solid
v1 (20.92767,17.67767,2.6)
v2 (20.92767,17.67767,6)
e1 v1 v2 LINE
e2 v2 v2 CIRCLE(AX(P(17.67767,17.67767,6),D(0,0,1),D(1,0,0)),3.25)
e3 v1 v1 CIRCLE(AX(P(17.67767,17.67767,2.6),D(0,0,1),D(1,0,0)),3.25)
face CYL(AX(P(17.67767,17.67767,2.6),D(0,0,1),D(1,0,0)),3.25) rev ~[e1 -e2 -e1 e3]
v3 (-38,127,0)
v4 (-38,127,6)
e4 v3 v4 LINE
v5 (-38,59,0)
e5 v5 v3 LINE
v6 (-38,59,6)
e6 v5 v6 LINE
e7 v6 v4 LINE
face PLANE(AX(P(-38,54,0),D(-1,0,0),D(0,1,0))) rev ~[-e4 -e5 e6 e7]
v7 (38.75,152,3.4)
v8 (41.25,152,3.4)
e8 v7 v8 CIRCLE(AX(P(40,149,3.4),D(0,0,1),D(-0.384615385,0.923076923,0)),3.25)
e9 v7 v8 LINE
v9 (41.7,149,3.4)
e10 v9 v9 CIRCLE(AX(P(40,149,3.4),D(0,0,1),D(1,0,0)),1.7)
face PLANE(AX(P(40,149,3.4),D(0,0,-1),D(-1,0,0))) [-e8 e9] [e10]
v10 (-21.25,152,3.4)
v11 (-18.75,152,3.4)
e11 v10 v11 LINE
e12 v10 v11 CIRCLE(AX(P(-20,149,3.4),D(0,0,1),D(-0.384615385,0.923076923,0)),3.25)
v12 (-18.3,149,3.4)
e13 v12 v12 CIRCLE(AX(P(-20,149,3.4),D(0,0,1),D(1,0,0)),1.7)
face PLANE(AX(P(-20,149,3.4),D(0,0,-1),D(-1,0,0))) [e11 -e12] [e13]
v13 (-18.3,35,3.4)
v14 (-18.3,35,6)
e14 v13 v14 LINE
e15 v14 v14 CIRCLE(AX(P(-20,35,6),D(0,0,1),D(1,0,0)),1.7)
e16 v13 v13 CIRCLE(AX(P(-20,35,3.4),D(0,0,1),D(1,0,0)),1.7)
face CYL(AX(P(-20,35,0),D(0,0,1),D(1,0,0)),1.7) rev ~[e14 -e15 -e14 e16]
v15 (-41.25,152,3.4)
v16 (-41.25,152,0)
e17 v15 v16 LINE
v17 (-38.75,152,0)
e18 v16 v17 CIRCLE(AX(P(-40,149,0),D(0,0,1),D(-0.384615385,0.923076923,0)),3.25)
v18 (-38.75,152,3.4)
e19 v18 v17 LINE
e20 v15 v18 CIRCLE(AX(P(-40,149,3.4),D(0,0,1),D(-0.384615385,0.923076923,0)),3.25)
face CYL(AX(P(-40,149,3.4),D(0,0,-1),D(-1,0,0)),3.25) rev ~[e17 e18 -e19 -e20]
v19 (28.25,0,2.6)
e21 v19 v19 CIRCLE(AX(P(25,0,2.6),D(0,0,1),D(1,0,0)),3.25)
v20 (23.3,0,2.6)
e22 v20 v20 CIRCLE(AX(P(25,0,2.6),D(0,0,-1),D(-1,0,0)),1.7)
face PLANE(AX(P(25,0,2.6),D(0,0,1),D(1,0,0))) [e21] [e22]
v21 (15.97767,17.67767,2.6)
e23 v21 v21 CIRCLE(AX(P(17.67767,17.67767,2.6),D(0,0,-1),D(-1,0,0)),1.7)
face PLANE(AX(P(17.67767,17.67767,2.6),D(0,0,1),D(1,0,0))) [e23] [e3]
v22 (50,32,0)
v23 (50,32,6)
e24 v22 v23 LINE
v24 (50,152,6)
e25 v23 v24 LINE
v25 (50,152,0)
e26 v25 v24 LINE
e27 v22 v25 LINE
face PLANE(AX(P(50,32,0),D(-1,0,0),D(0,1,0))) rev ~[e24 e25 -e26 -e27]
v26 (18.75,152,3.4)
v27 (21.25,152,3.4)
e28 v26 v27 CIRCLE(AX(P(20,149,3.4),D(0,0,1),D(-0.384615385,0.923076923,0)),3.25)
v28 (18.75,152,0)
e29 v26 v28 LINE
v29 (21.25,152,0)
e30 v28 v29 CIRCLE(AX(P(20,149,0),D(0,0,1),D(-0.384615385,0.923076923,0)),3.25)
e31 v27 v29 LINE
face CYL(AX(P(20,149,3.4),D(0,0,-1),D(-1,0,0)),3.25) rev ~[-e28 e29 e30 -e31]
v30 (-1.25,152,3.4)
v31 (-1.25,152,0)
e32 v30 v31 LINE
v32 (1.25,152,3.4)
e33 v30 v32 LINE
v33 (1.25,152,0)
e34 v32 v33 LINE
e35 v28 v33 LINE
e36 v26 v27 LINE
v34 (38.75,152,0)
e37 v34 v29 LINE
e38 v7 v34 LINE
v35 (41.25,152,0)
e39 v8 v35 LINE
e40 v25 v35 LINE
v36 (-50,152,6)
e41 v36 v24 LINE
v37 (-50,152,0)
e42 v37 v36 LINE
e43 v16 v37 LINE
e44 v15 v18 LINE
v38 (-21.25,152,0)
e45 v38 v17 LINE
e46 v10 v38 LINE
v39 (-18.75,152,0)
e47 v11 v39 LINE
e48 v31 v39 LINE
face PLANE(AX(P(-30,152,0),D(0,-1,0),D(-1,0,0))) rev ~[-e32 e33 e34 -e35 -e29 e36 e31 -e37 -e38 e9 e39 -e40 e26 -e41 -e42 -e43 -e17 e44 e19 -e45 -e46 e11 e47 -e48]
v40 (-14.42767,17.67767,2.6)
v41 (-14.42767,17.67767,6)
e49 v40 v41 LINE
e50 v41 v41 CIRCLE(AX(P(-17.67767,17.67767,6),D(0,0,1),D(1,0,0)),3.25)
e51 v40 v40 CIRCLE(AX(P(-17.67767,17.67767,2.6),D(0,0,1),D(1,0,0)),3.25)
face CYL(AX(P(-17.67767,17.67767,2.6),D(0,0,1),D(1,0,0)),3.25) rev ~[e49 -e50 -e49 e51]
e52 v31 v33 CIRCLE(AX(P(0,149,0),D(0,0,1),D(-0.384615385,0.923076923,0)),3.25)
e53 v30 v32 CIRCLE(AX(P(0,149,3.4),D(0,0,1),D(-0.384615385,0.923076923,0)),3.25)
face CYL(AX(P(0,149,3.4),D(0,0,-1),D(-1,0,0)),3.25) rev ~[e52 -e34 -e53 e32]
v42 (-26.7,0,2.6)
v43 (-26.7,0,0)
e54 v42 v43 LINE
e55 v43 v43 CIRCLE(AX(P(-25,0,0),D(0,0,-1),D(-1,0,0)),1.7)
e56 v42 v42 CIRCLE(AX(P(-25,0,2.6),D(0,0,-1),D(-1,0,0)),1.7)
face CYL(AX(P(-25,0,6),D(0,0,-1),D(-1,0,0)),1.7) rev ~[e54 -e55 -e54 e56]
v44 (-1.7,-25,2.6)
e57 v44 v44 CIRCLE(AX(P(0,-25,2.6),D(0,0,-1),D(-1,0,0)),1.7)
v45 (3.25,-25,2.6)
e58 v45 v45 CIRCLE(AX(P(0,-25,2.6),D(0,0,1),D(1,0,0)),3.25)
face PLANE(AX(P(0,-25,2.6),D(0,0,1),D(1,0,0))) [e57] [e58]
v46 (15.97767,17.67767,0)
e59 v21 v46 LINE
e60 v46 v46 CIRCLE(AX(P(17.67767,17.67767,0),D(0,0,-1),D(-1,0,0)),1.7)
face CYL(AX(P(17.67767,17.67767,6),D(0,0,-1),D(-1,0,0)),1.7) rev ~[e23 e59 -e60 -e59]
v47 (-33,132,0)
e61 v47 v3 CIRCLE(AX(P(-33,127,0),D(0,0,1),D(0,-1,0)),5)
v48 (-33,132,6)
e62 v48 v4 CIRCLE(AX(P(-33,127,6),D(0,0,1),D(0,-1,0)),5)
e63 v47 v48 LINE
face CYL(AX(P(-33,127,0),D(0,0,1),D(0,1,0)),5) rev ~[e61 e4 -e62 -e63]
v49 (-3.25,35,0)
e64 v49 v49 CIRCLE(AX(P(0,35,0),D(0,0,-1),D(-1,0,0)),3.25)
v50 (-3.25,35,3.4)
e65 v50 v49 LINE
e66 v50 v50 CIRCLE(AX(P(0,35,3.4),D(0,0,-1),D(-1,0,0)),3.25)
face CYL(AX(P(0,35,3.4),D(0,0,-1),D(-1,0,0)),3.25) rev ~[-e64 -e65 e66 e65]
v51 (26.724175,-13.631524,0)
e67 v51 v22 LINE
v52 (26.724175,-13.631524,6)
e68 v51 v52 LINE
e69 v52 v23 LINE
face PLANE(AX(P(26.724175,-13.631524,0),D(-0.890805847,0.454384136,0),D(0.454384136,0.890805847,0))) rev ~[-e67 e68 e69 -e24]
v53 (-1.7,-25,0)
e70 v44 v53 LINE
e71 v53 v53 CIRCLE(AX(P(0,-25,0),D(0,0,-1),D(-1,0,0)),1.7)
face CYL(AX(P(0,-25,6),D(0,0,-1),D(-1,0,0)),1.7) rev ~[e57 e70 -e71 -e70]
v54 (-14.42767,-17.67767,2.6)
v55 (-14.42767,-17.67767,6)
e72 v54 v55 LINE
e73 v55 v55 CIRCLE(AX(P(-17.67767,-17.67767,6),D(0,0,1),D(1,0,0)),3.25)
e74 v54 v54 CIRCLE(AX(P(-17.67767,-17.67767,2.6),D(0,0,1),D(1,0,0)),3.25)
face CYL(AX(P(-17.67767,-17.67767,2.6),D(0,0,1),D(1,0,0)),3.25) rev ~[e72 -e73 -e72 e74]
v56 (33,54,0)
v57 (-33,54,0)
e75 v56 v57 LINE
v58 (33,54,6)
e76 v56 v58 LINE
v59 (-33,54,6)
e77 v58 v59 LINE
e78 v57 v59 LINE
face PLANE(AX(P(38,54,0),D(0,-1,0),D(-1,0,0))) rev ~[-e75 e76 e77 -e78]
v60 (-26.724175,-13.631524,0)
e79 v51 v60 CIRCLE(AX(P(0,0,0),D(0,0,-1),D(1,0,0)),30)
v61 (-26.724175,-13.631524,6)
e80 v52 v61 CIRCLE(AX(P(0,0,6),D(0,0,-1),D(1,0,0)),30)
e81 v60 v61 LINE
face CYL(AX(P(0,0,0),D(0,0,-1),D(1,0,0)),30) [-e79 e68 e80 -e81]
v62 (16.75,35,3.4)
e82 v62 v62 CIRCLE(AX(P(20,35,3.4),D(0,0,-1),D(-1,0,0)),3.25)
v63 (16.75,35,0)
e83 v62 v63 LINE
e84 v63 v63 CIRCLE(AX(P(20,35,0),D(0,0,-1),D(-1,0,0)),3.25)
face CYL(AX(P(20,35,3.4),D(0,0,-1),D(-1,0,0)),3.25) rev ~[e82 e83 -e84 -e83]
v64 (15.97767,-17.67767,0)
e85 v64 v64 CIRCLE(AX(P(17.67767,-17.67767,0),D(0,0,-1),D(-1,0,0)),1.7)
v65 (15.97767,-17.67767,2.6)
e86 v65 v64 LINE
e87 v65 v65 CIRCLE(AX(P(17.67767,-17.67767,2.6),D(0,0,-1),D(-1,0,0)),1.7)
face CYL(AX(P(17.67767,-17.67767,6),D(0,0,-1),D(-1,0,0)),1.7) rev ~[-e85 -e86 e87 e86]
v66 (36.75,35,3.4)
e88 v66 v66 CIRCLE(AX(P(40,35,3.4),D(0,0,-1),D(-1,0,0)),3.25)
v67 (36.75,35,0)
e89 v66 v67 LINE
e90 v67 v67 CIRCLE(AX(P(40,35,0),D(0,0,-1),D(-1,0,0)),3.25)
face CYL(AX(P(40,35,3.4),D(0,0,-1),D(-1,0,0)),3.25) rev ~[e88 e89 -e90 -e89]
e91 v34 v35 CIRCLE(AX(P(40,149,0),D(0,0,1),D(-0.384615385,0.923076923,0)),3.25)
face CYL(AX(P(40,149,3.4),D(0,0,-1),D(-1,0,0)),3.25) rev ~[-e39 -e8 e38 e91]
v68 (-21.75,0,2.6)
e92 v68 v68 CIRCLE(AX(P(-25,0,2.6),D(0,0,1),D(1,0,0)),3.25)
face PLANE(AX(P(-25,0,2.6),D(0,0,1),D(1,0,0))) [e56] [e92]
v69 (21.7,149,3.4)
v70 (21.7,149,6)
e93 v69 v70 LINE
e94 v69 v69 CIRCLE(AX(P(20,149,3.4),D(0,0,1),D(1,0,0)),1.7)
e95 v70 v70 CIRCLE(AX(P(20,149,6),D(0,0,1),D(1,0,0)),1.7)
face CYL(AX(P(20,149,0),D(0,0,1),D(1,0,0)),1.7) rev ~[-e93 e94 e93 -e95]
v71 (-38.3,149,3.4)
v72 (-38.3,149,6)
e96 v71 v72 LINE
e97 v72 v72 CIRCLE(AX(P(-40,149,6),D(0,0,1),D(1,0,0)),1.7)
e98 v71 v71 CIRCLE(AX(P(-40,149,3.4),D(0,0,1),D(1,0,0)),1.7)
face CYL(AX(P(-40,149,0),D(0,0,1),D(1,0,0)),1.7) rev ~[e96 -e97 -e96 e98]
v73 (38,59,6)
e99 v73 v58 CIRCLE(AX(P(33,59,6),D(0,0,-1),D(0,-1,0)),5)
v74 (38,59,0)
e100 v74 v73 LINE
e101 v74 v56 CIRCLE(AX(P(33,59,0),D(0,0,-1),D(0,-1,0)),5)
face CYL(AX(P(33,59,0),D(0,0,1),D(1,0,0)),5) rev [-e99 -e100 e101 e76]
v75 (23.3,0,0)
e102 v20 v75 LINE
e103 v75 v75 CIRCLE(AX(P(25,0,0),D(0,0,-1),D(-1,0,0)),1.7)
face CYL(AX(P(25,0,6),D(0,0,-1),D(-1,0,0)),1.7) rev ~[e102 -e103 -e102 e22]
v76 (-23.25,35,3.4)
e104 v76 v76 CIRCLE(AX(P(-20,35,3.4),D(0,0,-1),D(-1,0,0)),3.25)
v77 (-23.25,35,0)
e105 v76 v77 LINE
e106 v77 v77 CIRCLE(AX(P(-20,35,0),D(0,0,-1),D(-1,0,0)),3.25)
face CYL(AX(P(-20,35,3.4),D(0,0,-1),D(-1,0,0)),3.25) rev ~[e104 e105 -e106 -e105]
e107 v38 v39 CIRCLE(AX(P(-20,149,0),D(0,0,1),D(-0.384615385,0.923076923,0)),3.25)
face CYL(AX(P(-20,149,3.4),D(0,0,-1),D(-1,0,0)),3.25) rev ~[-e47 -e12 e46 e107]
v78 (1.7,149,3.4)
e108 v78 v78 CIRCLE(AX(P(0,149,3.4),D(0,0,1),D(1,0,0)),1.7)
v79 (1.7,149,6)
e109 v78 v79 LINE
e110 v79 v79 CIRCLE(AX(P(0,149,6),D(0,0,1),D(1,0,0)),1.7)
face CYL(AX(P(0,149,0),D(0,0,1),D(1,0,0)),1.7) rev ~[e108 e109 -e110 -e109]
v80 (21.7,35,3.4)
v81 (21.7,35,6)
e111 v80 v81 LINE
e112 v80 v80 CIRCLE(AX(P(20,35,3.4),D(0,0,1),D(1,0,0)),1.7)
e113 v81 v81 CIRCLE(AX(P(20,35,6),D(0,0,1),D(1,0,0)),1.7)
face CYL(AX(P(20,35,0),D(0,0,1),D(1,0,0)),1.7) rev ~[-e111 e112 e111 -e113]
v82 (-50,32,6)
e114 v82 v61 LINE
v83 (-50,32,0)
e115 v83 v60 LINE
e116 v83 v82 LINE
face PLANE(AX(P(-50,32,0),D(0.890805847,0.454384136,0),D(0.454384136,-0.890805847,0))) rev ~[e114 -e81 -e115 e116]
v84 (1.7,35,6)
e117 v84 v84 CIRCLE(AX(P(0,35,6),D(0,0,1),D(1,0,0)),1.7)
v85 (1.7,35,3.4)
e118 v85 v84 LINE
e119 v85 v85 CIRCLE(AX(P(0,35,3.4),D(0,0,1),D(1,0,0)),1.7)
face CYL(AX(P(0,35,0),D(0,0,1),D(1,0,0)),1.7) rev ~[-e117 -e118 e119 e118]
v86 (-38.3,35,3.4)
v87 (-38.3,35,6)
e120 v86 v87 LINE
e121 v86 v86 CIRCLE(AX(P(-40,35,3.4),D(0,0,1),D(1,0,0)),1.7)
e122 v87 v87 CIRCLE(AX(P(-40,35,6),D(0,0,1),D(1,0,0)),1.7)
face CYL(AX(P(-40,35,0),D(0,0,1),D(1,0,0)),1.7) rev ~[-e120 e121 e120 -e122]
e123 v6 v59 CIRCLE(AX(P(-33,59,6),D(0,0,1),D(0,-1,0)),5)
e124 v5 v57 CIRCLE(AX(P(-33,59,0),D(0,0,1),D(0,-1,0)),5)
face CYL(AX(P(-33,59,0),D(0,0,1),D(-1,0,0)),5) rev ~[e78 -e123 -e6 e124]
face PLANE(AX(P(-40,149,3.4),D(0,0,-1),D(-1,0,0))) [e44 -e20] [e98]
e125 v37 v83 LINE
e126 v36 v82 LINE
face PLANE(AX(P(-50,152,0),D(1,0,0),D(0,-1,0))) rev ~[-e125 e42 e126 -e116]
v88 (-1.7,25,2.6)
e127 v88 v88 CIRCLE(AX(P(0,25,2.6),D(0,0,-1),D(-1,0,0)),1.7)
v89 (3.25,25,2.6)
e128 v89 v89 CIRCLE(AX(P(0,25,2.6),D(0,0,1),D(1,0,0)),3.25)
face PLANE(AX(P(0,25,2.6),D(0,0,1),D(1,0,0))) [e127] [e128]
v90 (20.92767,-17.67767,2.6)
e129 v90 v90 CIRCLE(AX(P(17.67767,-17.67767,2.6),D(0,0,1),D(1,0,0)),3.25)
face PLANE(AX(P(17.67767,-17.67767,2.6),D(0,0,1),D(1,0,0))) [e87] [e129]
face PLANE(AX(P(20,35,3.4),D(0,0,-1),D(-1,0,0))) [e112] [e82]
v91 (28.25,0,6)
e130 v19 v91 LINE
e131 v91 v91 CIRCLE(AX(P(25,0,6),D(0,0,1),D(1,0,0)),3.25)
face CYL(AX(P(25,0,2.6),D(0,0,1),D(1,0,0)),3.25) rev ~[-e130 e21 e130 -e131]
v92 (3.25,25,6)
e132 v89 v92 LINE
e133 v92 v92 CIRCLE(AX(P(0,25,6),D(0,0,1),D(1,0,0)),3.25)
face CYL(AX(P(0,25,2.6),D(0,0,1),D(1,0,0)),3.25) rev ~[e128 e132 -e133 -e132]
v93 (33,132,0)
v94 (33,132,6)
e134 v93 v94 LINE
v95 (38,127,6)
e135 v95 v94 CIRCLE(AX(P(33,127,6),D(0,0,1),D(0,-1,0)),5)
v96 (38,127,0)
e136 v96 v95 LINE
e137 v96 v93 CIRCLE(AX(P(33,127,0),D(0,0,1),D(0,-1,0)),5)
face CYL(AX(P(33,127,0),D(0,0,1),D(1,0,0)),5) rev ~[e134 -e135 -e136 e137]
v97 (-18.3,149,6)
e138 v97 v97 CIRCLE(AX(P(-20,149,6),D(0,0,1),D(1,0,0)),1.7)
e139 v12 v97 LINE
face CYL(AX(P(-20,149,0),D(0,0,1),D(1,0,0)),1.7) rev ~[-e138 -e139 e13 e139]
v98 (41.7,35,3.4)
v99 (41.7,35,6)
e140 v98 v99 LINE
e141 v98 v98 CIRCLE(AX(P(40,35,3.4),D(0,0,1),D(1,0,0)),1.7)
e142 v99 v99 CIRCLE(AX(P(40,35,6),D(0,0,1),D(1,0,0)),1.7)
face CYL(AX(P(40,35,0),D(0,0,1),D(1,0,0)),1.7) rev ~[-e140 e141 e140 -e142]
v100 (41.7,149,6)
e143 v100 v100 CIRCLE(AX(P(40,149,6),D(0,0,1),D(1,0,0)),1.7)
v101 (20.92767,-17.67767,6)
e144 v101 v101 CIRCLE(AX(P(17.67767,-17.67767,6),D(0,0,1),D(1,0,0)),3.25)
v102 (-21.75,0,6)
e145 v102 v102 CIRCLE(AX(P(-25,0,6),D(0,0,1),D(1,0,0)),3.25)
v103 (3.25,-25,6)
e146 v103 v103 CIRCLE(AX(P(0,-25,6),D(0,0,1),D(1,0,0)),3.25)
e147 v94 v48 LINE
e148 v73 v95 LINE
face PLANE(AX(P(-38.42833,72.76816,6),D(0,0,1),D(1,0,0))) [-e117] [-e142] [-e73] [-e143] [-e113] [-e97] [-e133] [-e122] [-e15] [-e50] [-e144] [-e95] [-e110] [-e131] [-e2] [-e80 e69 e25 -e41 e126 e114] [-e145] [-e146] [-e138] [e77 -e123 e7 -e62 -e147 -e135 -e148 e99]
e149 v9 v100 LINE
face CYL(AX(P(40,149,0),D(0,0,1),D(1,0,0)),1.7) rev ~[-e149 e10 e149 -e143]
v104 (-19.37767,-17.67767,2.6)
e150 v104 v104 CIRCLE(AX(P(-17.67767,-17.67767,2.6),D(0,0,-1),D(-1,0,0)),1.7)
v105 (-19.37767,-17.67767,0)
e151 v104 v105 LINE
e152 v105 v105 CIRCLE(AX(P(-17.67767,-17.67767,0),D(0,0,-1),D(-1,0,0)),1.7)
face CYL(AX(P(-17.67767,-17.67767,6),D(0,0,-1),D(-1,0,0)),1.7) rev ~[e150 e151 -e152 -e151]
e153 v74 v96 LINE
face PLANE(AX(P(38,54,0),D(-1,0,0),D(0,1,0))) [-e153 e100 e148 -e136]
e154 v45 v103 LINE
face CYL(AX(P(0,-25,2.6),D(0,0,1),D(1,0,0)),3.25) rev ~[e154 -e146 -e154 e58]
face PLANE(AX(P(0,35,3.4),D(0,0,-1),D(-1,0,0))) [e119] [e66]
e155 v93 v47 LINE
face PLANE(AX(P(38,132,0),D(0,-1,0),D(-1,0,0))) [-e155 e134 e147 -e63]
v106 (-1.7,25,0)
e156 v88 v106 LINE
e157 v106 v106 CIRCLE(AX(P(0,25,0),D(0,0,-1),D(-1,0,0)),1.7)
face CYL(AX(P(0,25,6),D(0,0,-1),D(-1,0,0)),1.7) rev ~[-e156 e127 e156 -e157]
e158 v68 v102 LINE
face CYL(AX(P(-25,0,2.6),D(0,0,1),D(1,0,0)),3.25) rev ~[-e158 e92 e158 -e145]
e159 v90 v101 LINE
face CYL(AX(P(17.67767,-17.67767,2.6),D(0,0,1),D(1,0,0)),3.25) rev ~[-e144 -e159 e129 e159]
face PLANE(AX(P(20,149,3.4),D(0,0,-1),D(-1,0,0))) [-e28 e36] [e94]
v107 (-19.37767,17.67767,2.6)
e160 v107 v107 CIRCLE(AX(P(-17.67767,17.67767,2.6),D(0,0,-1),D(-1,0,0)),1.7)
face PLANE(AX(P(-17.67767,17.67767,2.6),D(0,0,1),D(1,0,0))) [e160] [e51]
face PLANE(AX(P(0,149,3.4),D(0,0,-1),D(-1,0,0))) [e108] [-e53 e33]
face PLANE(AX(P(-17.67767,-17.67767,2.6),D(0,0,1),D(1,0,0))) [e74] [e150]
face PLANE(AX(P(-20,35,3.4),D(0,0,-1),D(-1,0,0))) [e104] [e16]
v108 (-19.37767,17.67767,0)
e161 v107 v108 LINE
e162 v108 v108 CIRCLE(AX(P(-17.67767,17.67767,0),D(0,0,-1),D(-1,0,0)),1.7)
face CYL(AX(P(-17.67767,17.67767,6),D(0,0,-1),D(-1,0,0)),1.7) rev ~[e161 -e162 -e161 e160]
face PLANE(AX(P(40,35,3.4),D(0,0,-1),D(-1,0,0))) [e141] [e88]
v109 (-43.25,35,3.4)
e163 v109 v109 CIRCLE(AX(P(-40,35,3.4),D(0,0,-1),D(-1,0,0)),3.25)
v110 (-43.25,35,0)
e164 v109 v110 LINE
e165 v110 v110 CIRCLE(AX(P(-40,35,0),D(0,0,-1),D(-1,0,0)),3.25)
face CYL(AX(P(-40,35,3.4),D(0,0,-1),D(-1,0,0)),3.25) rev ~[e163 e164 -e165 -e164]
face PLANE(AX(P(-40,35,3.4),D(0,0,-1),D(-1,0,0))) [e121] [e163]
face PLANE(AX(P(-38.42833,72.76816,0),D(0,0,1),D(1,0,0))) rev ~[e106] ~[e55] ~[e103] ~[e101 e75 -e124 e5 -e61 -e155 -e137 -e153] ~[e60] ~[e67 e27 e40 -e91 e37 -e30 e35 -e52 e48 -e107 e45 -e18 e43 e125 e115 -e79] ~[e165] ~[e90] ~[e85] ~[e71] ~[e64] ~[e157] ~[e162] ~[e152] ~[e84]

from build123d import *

# Parameters (mm, degrees)
BOSS_EXTRUDE1_DEPTH                                 = 6
BOSS_EXTRUDE2_START                                 = -6
BOSS_EXTRUDE2_DEPTH                                 = 6
CBORE_FOR_M3_HEX_SOCKET_HEAD_CAP_SCREW1_D           = 3.4
CBORE_FOR_M3_HEX_SOCKET_HEAD_CAP_SCREW1_CBORE_D     = 6.5
CBORE_FOR_M3_HEX_SOCKET_HEAD_CAP_SCREW1_CBORE_DEPTH = 3.4
CBORE_FOR_M3_HEX_SOCKET_HEAD_CAP_SCREW2_D           = 3.4
CBORE_FOR_M3_HEX_SOCKET_HEAD_CAP_SCREW2_DEPTH       = 10
CBORE_FOR_M3_HEX_SOCKET_HEAD_CAP_SCREW2_CBORE_D     = 6.5
CBORE_FOR_M3_HEX_SOCKET_HEAD_CAP_SCREW2_CBORE_DEPTH = 3.4
CBORE_FOR_M3_HEX_SOCKET_HEAD_CAP_SCREW2_TIP         = 1.021463052
CUT_EXTRUDE1_REACH                                  = 162.125
SKETCH8_W                                           = 76
SKETCH8_H                                           = 78
CUT_EXTRUDE1_DIRECTION_2_DEPTH                      = 161.12495121
FILLET2_R                                           = 5


with BuildPart() as part:
    # Sketch1 → Boss-Extrude1 (new body)
    with BuildSketch(Plane.XY):
        with BuildLine():
            Line((-30, 0), (-30, 152))
            Line((-30, 152), (30, 152))
            Line((30, 152), (30, 0))
            ThreePointArc((30, 0), (0, -30), (-30, 0))
        make_face()
    extrude(amount=BOSS_EXTRUDE1_DEPTH)

    # Sketch7 → Boss-Extrude2 (add)
    with BuildSketch(Plane.XY.offset(6).offset(BOSS_EXTRUDE2_START)):
        with BuildLine():
            Line((-50, 152), (-50, 32))
            Line((-50, 32), (-26.72417541, -13.631524078))
            ThreePointArc((-26.72417541, -13.631524078), (-29.169549725, -7.009805194), (-30, 0))
            Line((-30, 0), (-30, 32))
            Line((-30, 32), (-30, 152))
            Line((-30, 152), (-50, 152))
        make_face()
        with BuildLine():
            ThreePointArc((30, 0), (29.169549725, -7.009805194), (26.72417541, -13.631524078))
            Line((26.72417541, -13.631524078), (50, 32))
            Line((50, 32), (50, 152))
            Line((50, 152), (30, 152))
            Line((30, 152), (30, 32))
            Line((30, 32), (30, 0))
        make_face()
    extrude(amount=BOSS_EXTRUDE2_DEPTH)

    # CBORE for M3 Hex Socket Head Cap Screw1 (through all)
    with Locations(Plane.XY.offset(6)):
        with Locations((-17.67766953, 17.67766953), (0, 25), (17.67766953, 17.67766953), (25, 0), (17.67766953, -17.67766953), (0, -25), (-17.67766953, -17.67766953), (-25, 0)):
            CounterBoreHole(CBORE_FOR_M3_HEX_SOCKET_HEAD_CAP_SCREW1_D / 2, CBORE_FOR_M3_HEX_SOCKET_HEAD_CAP_SCREW1_CBORE_D / 2, CBORE_FOR_M3_HEX_SOCKET_HEAD_CAP_SCREW1_CBORE_DEPTH)

    # CBORE for M3 Hex Socket Head Cap Screw2
    with Locations(Plane(origin=(0, 0, 0), x_dir=(-1, 0, 0), z_dir=(0, 0, -1))):
        with Locations((-40, 149), (0, 35), (20, 35), (40, 35), (-20, 35), (-40, 35), (0, 149), (20, 149), (40, 149), (-20, 149)):
            CounterBoreHole(CBORE_FOR_M3_HEX_SOCKET_HEAD_CAP_SCREW2_D / 2, CBORE_FOR_M3_HEX_SOCKET_HEAD_CAP_SCREW2_CBORE_D / 2, CBORE_FOR_M3_HEX_SOCKET_HEAD_CAP_SCREW2_CBORE_DEPTH, depth=CBORE_FOR_M3_HEX_SOCKET_HEAD_CAP_SCREW2_DEPTH)
            with Locations((0, 0, -(CBORE_FOR_M3_HEX_SOCKET_HEAD_CAP_SCREW2_DEPTH + CBORE_FOR_M3_HEX_SOCKET_HEAD_CAP_SCREW2_TIP / 2))):  # 118° drill point
                Cone(0, CBORE_FOR_M3_HEX_SOCKET_HEAD_CAP_SCREW2_D / 2, CBORE_FOR_M3_HEX_SOCKET_HEAD_CAP_SCREW2_TIP, mode=Mode.SUBTRACT)

    # Sketch8 → Cut-Extrude1 (cut, up to next)
    with BuildSketch(Plane(origin=(0, 0, 0), x_dir=(-1, 0, 0), z_dir=(0, 0, -1)), mode=Mode.PRIVATE) as cut_extrude1_sk1:
        with Locations((0, 93)):
            Rectangle(SKETCH8_W, SKETCH8_H)
    cut_extrude1_tool1 = extrude(cut_extrude1_sk1.sketch, amount=-CUT_EXTRUDE1_REACH, mode=Mode.PRIVATE) & part.part
    add(cut_extrude1_tool1.solids().sort_by_distance((0, 93, 0))[0], mode=Mode.SUBTRACT)

    # Sketch8 → Cut-Extrude1 direction 2 (cut)
    with BuildSketch(Plane(origin=(0, 0, 0), x_dir=(-1, 0, 0), z_dir=(0, 0, -1))):
        with Locations((0, 93)):
            Rectangle(SKETCH8_W, SKETCH8_H)
    extrude(amount=CUT_EXTRUDE1_DIRECTION_2_DEPTH, mode=Mode.SUBTRACT)

    # Fillet2
    fillet2_edges = [part.edges().sort_by_distance(p)[0] for p in [
        (38, 132, 3),
        (38, 54, 3),
        (-38, 54, 3),
        (-38, 132, 3),
    ]]
    fillet(fillet2_edges, radius=FILLET2_R)


solid = part.part
